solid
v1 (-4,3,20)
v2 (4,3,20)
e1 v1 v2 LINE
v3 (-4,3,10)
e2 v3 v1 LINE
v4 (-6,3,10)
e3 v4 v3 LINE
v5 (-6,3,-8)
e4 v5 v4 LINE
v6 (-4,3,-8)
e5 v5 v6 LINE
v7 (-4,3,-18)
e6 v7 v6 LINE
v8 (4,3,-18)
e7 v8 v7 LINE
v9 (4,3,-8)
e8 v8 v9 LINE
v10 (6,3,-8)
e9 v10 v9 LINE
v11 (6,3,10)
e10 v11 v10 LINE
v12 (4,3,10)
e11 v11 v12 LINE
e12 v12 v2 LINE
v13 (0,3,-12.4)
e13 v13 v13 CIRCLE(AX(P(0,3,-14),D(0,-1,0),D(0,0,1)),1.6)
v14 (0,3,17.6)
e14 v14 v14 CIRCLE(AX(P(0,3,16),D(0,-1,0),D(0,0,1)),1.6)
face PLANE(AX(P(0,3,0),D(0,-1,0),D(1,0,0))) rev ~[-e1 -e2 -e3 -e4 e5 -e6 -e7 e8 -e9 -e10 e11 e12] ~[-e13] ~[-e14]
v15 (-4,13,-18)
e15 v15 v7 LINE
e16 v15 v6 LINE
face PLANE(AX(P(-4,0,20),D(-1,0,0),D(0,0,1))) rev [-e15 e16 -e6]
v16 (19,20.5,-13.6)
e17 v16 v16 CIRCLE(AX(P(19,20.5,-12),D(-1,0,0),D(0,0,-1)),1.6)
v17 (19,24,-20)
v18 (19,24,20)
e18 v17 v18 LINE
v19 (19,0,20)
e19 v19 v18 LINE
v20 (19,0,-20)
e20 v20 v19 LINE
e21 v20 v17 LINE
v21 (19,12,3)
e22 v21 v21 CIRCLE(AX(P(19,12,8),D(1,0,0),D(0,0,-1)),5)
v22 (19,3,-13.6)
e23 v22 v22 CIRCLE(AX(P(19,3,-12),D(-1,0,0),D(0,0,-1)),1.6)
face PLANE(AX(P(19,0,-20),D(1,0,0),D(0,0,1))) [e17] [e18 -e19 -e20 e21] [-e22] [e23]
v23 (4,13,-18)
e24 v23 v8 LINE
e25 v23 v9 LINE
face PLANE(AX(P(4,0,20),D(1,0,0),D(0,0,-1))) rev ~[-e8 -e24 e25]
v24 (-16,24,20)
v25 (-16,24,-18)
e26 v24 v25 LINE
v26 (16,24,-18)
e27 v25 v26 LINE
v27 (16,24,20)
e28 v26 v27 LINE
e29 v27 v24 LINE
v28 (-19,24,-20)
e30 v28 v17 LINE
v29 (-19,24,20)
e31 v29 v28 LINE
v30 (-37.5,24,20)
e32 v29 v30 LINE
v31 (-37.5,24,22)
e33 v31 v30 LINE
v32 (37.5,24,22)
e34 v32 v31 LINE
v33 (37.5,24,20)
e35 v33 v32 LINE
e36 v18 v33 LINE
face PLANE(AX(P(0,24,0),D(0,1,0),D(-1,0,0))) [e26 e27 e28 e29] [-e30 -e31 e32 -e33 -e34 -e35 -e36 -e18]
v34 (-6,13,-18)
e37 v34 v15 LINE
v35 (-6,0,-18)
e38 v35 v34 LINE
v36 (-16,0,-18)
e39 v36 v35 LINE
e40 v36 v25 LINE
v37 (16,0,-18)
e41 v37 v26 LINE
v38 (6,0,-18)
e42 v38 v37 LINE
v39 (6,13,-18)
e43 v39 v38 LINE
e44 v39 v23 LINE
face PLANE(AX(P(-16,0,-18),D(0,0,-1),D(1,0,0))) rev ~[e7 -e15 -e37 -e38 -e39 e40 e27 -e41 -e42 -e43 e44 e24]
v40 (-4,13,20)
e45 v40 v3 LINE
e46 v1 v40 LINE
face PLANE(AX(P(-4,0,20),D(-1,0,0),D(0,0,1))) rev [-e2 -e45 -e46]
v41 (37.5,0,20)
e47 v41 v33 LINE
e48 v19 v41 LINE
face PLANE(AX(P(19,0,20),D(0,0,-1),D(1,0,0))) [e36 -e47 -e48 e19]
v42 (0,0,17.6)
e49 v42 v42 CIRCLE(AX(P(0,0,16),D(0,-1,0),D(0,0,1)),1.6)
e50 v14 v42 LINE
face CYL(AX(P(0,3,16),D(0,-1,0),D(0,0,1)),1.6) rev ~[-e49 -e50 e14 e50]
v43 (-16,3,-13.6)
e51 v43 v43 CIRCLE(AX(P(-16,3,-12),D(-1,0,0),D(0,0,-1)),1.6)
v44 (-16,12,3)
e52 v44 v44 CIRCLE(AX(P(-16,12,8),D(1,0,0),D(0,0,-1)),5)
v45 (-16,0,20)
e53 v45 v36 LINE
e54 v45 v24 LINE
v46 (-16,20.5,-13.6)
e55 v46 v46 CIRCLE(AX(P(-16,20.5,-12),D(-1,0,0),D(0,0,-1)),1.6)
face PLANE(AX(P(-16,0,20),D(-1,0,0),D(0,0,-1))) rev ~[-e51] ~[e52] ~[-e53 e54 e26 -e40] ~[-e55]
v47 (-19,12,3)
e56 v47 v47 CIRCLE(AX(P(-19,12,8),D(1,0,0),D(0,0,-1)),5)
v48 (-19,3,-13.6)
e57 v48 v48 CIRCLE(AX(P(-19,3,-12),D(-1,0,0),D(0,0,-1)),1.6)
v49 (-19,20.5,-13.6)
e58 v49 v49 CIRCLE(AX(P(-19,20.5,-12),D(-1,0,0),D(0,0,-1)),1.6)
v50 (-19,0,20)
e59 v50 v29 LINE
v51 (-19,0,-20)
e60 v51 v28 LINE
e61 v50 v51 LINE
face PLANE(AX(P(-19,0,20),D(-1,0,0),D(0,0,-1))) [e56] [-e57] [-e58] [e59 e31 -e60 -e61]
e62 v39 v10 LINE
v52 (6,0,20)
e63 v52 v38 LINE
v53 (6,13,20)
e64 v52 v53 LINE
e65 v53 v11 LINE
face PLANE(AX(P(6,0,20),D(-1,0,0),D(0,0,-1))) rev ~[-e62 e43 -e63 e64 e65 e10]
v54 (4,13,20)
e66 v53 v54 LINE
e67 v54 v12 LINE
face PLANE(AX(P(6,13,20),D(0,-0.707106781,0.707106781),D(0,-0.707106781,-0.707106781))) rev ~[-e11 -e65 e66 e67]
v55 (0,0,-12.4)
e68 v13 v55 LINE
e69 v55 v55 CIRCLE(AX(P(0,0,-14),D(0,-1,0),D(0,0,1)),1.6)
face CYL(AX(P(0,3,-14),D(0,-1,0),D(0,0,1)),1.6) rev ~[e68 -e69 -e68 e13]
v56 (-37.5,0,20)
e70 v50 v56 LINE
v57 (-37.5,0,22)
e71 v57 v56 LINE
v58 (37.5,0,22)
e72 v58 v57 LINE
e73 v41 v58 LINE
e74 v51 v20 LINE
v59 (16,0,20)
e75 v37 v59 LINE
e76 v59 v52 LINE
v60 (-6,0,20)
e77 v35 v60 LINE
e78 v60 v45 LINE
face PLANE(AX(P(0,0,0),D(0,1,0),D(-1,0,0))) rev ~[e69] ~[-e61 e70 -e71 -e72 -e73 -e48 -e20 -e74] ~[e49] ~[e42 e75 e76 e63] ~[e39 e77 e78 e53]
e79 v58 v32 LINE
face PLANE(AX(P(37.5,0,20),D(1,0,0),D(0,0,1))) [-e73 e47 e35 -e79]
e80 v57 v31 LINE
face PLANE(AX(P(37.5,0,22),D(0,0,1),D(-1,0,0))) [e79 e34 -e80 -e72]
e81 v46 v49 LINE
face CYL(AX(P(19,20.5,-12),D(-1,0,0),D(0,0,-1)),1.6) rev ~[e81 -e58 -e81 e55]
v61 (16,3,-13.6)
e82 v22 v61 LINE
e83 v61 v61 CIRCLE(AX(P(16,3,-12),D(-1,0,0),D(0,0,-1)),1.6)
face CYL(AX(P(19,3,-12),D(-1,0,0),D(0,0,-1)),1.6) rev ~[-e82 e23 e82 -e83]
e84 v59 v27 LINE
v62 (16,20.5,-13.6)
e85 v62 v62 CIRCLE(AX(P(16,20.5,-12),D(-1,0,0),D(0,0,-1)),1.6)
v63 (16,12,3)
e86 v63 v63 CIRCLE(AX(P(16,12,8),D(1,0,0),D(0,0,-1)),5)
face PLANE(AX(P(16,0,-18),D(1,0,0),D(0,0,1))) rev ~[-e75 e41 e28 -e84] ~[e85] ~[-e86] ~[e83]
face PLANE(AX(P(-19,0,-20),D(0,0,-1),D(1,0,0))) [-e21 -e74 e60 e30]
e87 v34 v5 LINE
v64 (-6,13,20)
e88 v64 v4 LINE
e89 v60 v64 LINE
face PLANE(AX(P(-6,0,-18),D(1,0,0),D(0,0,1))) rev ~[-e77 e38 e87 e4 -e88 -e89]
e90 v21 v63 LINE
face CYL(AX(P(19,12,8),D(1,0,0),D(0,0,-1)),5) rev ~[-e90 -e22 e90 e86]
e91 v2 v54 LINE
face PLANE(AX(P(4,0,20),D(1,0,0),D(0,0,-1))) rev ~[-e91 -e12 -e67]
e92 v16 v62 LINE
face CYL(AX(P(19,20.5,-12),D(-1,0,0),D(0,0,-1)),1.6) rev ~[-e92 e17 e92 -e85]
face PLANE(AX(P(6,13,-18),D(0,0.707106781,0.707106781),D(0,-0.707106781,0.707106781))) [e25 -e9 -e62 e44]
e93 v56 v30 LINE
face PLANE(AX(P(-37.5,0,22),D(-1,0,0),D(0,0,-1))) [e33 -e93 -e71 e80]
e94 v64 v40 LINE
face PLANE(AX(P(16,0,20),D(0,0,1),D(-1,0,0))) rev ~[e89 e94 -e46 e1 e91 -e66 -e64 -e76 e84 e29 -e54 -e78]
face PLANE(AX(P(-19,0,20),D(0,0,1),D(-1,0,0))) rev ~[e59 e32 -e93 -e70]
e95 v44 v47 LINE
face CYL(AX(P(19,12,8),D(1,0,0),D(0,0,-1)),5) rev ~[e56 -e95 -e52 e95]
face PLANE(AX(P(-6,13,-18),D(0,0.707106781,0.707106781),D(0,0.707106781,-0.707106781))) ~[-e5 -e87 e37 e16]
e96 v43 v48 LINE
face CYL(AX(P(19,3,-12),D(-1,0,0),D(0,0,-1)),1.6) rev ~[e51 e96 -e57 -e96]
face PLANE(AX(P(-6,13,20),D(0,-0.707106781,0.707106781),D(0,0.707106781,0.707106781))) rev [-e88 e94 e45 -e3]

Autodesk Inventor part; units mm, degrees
ref_plane "YZ Plane" through (0, 0, 0) normal (1, 0, 0) x (0, 1, 0)
ref_plane "XZ Plane" through (0, 0, 0) normal (0, 1, 0) x (-1, 0, 0)
ref_plane "XY Plane" through (0, 0, 0) normal (0, 0, 1) x (1, 0, 0)
sketch "Эскиз1" plane through (0, 0, 0) normal (0, 1, 0) x (-1, 0, 0)
  line L0 (19, -20) -> (-19, -20)
  line L1 (-19, -20) -> (-19, 20)
  line L2 (-19, 20) -> (19, 20) construction
  line L3 (19, 20) -> (19, -20)
  line L4 (37.5, 20) -> (-37.5, 20) construction
  line L5 (-37.5, 20) -> (-37.5, 22)
  line L6 (-37.5, 22) -> (37.5, 22)
  line L7 (37.5, 22) -> (37.5, 20)
  line L8 (19, 20) -> (37.5, 20)
  line L9 (-19, 20) -> (-37.5, 20)
  line L10 (16, -18) -> (-16, -18)
  line L11 (-16, -18) -> (-16, 20)
  line L12 (-16, 20) -> (16, 20)
  line L13 (16, 20) -> (16, -18)
  point P0 (0, 0)
  point P1 (-19, 0)
  point P2 (0, -20)
  point P3 (0, 20)
  point P4 (0, -18)
  dimension "d0" = 38
  dimension "d1" = 40
  dimension "d2" = 75
  dimension "d3" = 2
  dimension "d13" = 3
  dimension "d14" = 2
extrude "Выдавливание1" add sketch "Эскиз1" along normal blind 24
sketch "Эскиз2" plane through (19, 0, 20) normal (1, 0, 0) x (0, 0, -1)
  line L0 (0, 0) -> (0, 24) projected
  line L1 (40, 0) -> (40, 24) projected
  line L2 (40, 0) -> (0, 0) projected
  point P0 (20, 0)
  point P1 (32, 20.5)
  point P2 (32, 3)
  dimension "d15" = 17.5
  dimension "d16" = 32
  dimension "d17" = 3
hole "Отверстие1" at (19, 20.5, -12) at (19, 3, -12) direction (-1, 0, 0) diameter 3.2 end through all
sketch "Эскиз3" plane through (19, 0, 20) normal (1, 0, 0) x (0, 0, -1)
  circle A0 centre (12, 12) radius 12 construction
  line L0 (0, 24) -> (40, 24) projected
  line L1 (40, 0) -> (0, 0) projected
  line L2 (0, 0) -> (0, 24) projected
  circle A1 centre (12, 12) radius 5
  point P0 (20, 0)
  dimension "d18" = 10
extrude "Выдавливание2" cut sketch "Эскиз3" against normal through all
sketch "Эскиз4" plane through (0, 0, 0) normal (0, -1, 0) x (1, 0, 0)
  line L0 (16, -18) -> (-16, -18) projected
  line L1 (-16, 20) -> (16, 20) projected
  line L2 (6, -18) -> (-6, -18)
  line L3 (-6, -18) -> (-6, 20)
  line L4 (-6, 20) -> (6, 20)
  line L5 (6, 20) -> (6, -18)
  point P0 (0, 0)
  point P1 (0, -18)
  point P2 (0, 20)
  point P3 (0, -18)
  point P4 (0, 20)
  point P5 (0, -18)
  dimension "d26" = 12
extrude "Выдавливание3" add sketch "Эскиз4" against normal blind 3
sketch "Эскиз5" plane through (6, 0, 20) normal (1, 0, 0) x (0, 0, -1)
  line L0 (0, 0) -> (0, 24) projected
  line L1 (0, 13) -> (10, 3)
  line L2 (38, 3) -> (0, 3) projected
  line L3 (40, 24) -> (0, 24) projected
  line L4 (19, 24) -> (19, 3)
  line L5 (38, 13) -> (28, 3)
  line L6 (38, 13) -> (38, 3)
  line L7 (28, 3) -> (38, 3)
  line L8 (10, 3) -> (0, 3)
  line L9 (0, 3) -> (0, 13)
  point P0 (20, 0)
  dimension "d27" = 45
  dimension "d28" = 10
extrude "Выдавливание4" add sketch "Эскиз5" against normal blind 2 contours L5 L6 L2 | L0 L1 L2
mirror "Зеркальное отражение1" about plane through (0, 0, 0) normal (1, 0, 0) of "Выдавливание4"
sketch "Эскиз6" plane through (0, 3, 0) normal (0, 1, 0) x (1, 0, 0)
  line L0 (-6, 8) -> (-6, -10) projected
  line L1 (6, -20) -> (6, 18) projected
  line L2 (-16, 18) -> (-16, -20) projected
  line L3 (-16, -1) -> (16, -1)
  line L4 (16, 18) -> (16, -20) projected
  point P0 (0, 0)
  point P1 (0, -16)
  point P2 (0, 14)
  dimension "d38" = 30
hole "Отверстие2" at (0, 3, 16) at (0, 3, -14) direction (0, -1, 0) diameter 3.2 end through all
properties part number "engine_mount"
